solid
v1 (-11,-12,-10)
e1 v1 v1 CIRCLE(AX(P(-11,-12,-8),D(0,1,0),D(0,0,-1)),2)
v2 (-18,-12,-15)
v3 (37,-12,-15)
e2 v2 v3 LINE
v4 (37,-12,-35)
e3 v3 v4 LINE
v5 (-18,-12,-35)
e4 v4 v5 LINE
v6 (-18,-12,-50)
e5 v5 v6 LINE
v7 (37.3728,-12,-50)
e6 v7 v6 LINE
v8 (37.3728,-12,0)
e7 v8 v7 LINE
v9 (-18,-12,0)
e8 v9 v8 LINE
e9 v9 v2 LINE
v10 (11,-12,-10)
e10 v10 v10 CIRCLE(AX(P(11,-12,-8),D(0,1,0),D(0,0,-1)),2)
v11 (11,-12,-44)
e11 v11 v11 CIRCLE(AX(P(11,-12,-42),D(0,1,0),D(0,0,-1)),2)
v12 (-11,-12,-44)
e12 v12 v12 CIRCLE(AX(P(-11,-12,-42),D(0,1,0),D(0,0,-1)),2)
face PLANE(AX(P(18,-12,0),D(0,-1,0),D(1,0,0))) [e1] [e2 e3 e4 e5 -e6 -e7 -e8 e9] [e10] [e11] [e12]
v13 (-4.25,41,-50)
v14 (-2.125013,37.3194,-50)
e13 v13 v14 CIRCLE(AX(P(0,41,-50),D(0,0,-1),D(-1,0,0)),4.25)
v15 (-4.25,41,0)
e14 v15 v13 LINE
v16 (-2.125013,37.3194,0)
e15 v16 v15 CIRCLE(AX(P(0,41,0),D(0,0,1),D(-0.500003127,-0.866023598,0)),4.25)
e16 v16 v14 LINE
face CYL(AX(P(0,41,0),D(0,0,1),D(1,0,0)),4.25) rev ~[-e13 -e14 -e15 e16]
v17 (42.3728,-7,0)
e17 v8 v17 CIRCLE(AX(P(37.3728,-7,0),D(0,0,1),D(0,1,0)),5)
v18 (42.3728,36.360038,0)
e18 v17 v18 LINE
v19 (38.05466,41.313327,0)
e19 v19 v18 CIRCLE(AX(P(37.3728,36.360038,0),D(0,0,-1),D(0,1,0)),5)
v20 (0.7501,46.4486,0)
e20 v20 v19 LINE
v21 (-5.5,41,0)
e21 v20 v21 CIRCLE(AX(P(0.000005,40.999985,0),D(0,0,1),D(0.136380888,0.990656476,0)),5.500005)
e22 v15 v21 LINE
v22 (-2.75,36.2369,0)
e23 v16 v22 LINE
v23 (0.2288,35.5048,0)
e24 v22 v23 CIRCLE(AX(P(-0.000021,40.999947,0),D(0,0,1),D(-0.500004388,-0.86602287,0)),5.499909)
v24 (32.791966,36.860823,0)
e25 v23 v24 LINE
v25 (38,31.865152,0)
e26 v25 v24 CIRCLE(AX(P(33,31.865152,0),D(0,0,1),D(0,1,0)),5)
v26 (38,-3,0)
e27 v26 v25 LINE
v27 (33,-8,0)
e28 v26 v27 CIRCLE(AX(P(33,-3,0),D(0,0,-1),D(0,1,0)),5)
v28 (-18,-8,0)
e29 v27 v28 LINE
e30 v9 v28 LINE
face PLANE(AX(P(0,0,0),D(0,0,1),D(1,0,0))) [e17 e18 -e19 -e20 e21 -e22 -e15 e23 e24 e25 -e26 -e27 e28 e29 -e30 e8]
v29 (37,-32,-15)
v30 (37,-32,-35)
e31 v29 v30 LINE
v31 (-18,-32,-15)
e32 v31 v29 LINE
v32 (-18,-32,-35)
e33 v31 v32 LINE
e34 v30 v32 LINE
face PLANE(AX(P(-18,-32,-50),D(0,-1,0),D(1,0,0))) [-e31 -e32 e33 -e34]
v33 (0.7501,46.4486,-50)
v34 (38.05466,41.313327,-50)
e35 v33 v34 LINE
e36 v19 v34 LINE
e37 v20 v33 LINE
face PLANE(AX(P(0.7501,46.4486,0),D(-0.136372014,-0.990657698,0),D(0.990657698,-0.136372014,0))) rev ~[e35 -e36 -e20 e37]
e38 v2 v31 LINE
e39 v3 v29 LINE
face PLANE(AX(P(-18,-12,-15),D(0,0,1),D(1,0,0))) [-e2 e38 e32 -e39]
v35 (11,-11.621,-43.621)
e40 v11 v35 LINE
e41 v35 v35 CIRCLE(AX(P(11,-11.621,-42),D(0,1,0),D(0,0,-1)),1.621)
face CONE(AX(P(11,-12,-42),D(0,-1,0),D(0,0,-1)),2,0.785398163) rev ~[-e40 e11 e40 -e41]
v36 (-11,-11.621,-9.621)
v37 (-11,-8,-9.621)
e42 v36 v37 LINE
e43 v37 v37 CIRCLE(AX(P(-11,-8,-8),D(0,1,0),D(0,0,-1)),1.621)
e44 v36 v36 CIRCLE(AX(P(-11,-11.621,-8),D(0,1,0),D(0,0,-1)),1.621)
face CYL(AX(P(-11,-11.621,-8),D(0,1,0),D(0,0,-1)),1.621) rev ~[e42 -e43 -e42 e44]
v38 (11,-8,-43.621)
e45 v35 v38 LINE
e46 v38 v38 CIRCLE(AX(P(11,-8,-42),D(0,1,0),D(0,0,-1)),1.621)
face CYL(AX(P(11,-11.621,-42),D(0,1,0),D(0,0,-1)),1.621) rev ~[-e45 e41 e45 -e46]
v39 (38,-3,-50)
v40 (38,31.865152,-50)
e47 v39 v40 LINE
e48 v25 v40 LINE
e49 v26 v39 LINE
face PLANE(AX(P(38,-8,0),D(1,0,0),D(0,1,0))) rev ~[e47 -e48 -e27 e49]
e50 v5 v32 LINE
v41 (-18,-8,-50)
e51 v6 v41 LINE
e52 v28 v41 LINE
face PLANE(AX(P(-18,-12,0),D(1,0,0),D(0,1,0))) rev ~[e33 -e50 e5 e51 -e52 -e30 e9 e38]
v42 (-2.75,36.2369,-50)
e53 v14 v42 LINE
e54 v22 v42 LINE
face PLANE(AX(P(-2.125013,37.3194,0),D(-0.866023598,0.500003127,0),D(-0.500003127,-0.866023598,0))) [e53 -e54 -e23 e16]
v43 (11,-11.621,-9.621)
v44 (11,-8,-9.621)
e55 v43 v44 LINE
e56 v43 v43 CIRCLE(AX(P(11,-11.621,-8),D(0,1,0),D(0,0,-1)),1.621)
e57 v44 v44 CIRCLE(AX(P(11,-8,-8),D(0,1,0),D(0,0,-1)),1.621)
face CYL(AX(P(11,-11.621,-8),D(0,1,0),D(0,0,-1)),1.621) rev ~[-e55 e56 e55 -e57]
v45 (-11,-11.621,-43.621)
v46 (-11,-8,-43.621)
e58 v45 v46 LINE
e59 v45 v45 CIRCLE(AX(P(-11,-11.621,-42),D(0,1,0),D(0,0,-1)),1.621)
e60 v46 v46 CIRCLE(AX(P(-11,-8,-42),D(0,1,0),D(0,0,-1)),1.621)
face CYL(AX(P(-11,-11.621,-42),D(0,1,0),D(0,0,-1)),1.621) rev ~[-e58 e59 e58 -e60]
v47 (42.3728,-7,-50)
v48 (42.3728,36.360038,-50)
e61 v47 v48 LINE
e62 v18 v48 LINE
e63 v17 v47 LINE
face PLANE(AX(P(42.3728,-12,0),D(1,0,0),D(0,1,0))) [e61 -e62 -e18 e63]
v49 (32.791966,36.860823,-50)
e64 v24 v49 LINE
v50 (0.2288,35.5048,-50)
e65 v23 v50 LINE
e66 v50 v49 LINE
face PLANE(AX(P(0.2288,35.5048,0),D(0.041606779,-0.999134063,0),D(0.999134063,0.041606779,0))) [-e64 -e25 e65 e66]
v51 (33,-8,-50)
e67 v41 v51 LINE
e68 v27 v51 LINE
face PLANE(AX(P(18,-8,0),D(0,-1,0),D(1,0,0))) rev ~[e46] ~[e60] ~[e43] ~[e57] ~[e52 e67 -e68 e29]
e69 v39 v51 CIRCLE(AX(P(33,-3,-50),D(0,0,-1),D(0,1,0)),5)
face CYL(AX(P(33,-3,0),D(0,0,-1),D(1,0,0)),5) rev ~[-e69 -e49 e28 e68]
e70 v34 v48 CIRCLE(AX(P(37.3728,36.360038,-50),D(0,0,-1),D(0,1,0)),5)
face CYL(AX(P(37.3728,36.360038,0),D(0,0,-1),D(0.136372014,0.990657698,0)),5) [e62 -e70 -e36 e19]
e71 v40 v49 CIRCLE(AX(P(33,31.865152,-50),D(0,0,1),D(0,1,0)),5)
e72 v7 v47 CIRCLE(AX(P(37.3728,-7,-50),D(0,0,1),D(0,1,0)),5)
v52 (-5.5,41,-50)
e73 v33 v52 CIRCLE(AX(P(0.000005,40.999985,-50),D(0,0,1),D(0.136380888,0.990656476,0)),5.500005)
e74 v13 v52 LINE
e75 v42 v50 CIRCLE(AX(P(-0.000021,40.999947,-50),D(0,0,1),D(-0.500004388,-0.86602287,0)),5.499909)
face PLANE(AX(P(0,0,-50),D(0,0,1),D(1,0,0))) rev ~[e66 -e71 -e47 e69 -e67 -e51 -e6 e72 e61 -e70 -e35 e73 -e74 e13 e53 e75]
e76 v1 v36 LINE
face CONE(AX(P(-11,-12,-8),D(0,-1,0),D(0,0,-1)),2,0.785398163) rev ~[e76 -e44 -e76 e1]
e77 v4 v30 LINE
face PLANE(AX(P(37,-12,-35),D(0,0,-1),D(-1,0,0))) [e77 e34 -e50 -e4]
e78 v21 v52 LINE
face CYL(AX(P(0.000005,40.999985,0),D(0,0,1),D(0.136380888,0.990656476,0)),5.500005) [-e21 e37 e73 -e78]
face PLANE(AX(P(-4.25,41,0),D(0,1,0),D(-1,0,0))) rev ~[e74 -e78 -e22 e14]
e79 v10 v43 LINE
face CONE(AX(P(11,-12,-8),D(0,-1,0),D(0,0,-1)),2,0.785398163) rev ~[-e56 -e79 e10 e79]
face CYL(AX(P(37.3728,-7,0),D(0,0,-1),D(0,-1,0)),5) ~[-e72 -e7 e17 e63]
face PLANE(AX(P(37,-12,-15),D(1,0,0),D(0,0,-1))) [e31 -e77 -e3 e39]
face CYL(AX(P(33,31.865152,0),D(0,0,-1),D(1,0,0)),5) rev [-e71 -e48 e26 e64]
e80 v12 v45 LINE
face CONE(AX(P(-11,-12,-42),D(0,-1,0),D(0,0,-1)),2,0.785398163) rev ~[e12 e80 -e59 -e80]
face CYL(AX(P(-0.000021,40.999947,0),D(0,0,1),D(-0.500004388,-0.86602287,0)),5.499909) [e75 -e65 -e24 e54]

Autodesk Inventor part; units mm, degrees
ref_plane "YZ Plane" through (0, 0, 0) normal (1, 0, 0) x (0, 1, 0)
ref_plane "XZ Plane" through (0, 0, 0) normal (0, 1, 0) x (-1, 0, 0)
ref_plane "XY Plane" through (0, 0, 0) normal (0, 0, 1) x (1, 0, 0)
sketch "草图1" plane through (0, 0, 0) normal (0, 0, 1) x (1, 0, 0)
  circle A0 centre (0, 41) radius 4.25 projected
  circle A1 centre (0, 41) radius 4.25
  line L0 (0, 41) -> (-2.75, 36.2369)
  line L1 (0, 41) -> (5.5, 41) construction
  line L2 (0, 41) -> (-5.5, 41)
  line L3 (0.7501, 46.4486) -> (42.3728, 40.7189)
  line L4 (-15, 3) -> (-15, 6) projected
  line L5 (-15, 6) -> (-18, 6) projected
  line L6 (-18, 6) -> (-18, -8) projected
  line L7 (-4, -8) -> (-18, -8) projected
  line L8 (-4, -6) -> (-4, -8) projected
  line L9 (-4, -6) -> (4, -6) projected
  line L10 (4, -6) -> (4, -8) projected
  line L11 (18, -8) -> (4, -8) projected
  line L12 (18, 6) -> (18, -8) projected
  line L13 (18, 6) -> (15, 6) projected
  line L14 (15, 6) -> (15, 3) projected
  line L15 (15, 3) -> (13.5, 3) projected
  line L16 (13.5, 3) -> (13.5, 2) projected
  line L17 (13.5, 2) -> (15, 2) projected
  line L18 (15, 2) -> (15, -2) projected
  line L19 (15, -2) -> (-15, -2) projected
  line L20 (-15, -2) -> (-15, 2) projected
  line L21 (-15, 2) -> (-13.5, 2) projected
  line L22 (-13.5, 2) -> (-13.5, 3) projected
  line L23 (-13.5, 3) -> (-15, 3) projected
  line L24 (-18, -8) -> (18, -8)
  line L25 (18, -8) -> (18, -12)
  line L26 (18, -12) -> (-18, -12)
  line L27 (-18, -12) -> (-18, -8)
  line L28 (18, -12) -> (42.3728, -12)
  line L29 (42.3728, -12) -> (42.3728, 40.7189)
  line L30 (18, -8) -> (38, -8)
  line L31 (38, -8) -> (38, 37.0777)
  line L32 (0.2288, 35.5048) -> (38, 37.0777)
  arc A2 (-2.75, 36.2369) -> (0.2288, 35.5048) centre (0, 41) ccw
  arc A3 (0.7501, 46.4486) -> (-5.5, 41) centre (0, 41) ccw
  point P0 (0, 0)
  point P1 (-4.25, 41)
  point P2 (-2.125, 37.3194)
  dimension "d1" = 120
  dimension "d2" = 4
  dimension "d3" = 20
extrude "拉伸1" add sketch "草图1" against normal blind 50 contours A0 L2 A3 L3 L29 L28 L25 L30 L31 L32 A2 L0 | L26 L27 L7 L24 L11 L25
fillet "圆角1" radius 5 2 edges at (38, 37.0777, -25) (42.3728, 40.7189, -25)
fillet "圆角2" radius 5 2 edges at (38, -8, -25) (42.3728, -12, -25)
sketch "草图2" plane through (-18, -12, -50) normal (0, -1, 0) x (1, 0, 0)
  line L0 (0, 50) -> (55.3728, 50) projected
  line L1 (0, 50) -> (0, 0) projected
  line L2 (55.3728, 0) -> (0, 0) projected
  point P0 (18, 50)
  point P1 (7, 42)
  point P2 (7, 8)
  point P3 (29, 42)
  point P4 (29, 8)
  dimension "d8" = 8
  dimension "d9" = 7
  dimension "d10" = 8
  dimension "d11" = 22
hole "孔1" at (-11, -12, -8) at (-11, -12, -42) at (11, -12, -8) at (11, -12, -42) direction (0, 1, 0) diameter 3.242 depth 4 countersink diameter 4 countersink angle 90 thread size "M4x0.7" designation "M4" class "6H" standard "GB Metric profile"
sketch "草图3" plane through (-18, -12, -50) normal (0, -1, 0) x (1, 0, 0)
  line L0 (0, 50) -> (0, 0) projected
  line L1 (0, 35) -> (55, 35)
  line L2 (55, 35) -> (55, 15)
  line L3 (55, 15) -> (0, 15)
  line L4 (0, 15) -> (0, 35)
  line L5 (0, 50) -> (55.3728, 50) projected
  point P0 (18, 50)
  point P1 (0, 15)
  dimension "d19" = 55
  dimension "d20" = 20
  dimension "d21" = 15
extrude "拉伸2" add sketch "草图3" along normal blind 20
properties part number "链接板2"
